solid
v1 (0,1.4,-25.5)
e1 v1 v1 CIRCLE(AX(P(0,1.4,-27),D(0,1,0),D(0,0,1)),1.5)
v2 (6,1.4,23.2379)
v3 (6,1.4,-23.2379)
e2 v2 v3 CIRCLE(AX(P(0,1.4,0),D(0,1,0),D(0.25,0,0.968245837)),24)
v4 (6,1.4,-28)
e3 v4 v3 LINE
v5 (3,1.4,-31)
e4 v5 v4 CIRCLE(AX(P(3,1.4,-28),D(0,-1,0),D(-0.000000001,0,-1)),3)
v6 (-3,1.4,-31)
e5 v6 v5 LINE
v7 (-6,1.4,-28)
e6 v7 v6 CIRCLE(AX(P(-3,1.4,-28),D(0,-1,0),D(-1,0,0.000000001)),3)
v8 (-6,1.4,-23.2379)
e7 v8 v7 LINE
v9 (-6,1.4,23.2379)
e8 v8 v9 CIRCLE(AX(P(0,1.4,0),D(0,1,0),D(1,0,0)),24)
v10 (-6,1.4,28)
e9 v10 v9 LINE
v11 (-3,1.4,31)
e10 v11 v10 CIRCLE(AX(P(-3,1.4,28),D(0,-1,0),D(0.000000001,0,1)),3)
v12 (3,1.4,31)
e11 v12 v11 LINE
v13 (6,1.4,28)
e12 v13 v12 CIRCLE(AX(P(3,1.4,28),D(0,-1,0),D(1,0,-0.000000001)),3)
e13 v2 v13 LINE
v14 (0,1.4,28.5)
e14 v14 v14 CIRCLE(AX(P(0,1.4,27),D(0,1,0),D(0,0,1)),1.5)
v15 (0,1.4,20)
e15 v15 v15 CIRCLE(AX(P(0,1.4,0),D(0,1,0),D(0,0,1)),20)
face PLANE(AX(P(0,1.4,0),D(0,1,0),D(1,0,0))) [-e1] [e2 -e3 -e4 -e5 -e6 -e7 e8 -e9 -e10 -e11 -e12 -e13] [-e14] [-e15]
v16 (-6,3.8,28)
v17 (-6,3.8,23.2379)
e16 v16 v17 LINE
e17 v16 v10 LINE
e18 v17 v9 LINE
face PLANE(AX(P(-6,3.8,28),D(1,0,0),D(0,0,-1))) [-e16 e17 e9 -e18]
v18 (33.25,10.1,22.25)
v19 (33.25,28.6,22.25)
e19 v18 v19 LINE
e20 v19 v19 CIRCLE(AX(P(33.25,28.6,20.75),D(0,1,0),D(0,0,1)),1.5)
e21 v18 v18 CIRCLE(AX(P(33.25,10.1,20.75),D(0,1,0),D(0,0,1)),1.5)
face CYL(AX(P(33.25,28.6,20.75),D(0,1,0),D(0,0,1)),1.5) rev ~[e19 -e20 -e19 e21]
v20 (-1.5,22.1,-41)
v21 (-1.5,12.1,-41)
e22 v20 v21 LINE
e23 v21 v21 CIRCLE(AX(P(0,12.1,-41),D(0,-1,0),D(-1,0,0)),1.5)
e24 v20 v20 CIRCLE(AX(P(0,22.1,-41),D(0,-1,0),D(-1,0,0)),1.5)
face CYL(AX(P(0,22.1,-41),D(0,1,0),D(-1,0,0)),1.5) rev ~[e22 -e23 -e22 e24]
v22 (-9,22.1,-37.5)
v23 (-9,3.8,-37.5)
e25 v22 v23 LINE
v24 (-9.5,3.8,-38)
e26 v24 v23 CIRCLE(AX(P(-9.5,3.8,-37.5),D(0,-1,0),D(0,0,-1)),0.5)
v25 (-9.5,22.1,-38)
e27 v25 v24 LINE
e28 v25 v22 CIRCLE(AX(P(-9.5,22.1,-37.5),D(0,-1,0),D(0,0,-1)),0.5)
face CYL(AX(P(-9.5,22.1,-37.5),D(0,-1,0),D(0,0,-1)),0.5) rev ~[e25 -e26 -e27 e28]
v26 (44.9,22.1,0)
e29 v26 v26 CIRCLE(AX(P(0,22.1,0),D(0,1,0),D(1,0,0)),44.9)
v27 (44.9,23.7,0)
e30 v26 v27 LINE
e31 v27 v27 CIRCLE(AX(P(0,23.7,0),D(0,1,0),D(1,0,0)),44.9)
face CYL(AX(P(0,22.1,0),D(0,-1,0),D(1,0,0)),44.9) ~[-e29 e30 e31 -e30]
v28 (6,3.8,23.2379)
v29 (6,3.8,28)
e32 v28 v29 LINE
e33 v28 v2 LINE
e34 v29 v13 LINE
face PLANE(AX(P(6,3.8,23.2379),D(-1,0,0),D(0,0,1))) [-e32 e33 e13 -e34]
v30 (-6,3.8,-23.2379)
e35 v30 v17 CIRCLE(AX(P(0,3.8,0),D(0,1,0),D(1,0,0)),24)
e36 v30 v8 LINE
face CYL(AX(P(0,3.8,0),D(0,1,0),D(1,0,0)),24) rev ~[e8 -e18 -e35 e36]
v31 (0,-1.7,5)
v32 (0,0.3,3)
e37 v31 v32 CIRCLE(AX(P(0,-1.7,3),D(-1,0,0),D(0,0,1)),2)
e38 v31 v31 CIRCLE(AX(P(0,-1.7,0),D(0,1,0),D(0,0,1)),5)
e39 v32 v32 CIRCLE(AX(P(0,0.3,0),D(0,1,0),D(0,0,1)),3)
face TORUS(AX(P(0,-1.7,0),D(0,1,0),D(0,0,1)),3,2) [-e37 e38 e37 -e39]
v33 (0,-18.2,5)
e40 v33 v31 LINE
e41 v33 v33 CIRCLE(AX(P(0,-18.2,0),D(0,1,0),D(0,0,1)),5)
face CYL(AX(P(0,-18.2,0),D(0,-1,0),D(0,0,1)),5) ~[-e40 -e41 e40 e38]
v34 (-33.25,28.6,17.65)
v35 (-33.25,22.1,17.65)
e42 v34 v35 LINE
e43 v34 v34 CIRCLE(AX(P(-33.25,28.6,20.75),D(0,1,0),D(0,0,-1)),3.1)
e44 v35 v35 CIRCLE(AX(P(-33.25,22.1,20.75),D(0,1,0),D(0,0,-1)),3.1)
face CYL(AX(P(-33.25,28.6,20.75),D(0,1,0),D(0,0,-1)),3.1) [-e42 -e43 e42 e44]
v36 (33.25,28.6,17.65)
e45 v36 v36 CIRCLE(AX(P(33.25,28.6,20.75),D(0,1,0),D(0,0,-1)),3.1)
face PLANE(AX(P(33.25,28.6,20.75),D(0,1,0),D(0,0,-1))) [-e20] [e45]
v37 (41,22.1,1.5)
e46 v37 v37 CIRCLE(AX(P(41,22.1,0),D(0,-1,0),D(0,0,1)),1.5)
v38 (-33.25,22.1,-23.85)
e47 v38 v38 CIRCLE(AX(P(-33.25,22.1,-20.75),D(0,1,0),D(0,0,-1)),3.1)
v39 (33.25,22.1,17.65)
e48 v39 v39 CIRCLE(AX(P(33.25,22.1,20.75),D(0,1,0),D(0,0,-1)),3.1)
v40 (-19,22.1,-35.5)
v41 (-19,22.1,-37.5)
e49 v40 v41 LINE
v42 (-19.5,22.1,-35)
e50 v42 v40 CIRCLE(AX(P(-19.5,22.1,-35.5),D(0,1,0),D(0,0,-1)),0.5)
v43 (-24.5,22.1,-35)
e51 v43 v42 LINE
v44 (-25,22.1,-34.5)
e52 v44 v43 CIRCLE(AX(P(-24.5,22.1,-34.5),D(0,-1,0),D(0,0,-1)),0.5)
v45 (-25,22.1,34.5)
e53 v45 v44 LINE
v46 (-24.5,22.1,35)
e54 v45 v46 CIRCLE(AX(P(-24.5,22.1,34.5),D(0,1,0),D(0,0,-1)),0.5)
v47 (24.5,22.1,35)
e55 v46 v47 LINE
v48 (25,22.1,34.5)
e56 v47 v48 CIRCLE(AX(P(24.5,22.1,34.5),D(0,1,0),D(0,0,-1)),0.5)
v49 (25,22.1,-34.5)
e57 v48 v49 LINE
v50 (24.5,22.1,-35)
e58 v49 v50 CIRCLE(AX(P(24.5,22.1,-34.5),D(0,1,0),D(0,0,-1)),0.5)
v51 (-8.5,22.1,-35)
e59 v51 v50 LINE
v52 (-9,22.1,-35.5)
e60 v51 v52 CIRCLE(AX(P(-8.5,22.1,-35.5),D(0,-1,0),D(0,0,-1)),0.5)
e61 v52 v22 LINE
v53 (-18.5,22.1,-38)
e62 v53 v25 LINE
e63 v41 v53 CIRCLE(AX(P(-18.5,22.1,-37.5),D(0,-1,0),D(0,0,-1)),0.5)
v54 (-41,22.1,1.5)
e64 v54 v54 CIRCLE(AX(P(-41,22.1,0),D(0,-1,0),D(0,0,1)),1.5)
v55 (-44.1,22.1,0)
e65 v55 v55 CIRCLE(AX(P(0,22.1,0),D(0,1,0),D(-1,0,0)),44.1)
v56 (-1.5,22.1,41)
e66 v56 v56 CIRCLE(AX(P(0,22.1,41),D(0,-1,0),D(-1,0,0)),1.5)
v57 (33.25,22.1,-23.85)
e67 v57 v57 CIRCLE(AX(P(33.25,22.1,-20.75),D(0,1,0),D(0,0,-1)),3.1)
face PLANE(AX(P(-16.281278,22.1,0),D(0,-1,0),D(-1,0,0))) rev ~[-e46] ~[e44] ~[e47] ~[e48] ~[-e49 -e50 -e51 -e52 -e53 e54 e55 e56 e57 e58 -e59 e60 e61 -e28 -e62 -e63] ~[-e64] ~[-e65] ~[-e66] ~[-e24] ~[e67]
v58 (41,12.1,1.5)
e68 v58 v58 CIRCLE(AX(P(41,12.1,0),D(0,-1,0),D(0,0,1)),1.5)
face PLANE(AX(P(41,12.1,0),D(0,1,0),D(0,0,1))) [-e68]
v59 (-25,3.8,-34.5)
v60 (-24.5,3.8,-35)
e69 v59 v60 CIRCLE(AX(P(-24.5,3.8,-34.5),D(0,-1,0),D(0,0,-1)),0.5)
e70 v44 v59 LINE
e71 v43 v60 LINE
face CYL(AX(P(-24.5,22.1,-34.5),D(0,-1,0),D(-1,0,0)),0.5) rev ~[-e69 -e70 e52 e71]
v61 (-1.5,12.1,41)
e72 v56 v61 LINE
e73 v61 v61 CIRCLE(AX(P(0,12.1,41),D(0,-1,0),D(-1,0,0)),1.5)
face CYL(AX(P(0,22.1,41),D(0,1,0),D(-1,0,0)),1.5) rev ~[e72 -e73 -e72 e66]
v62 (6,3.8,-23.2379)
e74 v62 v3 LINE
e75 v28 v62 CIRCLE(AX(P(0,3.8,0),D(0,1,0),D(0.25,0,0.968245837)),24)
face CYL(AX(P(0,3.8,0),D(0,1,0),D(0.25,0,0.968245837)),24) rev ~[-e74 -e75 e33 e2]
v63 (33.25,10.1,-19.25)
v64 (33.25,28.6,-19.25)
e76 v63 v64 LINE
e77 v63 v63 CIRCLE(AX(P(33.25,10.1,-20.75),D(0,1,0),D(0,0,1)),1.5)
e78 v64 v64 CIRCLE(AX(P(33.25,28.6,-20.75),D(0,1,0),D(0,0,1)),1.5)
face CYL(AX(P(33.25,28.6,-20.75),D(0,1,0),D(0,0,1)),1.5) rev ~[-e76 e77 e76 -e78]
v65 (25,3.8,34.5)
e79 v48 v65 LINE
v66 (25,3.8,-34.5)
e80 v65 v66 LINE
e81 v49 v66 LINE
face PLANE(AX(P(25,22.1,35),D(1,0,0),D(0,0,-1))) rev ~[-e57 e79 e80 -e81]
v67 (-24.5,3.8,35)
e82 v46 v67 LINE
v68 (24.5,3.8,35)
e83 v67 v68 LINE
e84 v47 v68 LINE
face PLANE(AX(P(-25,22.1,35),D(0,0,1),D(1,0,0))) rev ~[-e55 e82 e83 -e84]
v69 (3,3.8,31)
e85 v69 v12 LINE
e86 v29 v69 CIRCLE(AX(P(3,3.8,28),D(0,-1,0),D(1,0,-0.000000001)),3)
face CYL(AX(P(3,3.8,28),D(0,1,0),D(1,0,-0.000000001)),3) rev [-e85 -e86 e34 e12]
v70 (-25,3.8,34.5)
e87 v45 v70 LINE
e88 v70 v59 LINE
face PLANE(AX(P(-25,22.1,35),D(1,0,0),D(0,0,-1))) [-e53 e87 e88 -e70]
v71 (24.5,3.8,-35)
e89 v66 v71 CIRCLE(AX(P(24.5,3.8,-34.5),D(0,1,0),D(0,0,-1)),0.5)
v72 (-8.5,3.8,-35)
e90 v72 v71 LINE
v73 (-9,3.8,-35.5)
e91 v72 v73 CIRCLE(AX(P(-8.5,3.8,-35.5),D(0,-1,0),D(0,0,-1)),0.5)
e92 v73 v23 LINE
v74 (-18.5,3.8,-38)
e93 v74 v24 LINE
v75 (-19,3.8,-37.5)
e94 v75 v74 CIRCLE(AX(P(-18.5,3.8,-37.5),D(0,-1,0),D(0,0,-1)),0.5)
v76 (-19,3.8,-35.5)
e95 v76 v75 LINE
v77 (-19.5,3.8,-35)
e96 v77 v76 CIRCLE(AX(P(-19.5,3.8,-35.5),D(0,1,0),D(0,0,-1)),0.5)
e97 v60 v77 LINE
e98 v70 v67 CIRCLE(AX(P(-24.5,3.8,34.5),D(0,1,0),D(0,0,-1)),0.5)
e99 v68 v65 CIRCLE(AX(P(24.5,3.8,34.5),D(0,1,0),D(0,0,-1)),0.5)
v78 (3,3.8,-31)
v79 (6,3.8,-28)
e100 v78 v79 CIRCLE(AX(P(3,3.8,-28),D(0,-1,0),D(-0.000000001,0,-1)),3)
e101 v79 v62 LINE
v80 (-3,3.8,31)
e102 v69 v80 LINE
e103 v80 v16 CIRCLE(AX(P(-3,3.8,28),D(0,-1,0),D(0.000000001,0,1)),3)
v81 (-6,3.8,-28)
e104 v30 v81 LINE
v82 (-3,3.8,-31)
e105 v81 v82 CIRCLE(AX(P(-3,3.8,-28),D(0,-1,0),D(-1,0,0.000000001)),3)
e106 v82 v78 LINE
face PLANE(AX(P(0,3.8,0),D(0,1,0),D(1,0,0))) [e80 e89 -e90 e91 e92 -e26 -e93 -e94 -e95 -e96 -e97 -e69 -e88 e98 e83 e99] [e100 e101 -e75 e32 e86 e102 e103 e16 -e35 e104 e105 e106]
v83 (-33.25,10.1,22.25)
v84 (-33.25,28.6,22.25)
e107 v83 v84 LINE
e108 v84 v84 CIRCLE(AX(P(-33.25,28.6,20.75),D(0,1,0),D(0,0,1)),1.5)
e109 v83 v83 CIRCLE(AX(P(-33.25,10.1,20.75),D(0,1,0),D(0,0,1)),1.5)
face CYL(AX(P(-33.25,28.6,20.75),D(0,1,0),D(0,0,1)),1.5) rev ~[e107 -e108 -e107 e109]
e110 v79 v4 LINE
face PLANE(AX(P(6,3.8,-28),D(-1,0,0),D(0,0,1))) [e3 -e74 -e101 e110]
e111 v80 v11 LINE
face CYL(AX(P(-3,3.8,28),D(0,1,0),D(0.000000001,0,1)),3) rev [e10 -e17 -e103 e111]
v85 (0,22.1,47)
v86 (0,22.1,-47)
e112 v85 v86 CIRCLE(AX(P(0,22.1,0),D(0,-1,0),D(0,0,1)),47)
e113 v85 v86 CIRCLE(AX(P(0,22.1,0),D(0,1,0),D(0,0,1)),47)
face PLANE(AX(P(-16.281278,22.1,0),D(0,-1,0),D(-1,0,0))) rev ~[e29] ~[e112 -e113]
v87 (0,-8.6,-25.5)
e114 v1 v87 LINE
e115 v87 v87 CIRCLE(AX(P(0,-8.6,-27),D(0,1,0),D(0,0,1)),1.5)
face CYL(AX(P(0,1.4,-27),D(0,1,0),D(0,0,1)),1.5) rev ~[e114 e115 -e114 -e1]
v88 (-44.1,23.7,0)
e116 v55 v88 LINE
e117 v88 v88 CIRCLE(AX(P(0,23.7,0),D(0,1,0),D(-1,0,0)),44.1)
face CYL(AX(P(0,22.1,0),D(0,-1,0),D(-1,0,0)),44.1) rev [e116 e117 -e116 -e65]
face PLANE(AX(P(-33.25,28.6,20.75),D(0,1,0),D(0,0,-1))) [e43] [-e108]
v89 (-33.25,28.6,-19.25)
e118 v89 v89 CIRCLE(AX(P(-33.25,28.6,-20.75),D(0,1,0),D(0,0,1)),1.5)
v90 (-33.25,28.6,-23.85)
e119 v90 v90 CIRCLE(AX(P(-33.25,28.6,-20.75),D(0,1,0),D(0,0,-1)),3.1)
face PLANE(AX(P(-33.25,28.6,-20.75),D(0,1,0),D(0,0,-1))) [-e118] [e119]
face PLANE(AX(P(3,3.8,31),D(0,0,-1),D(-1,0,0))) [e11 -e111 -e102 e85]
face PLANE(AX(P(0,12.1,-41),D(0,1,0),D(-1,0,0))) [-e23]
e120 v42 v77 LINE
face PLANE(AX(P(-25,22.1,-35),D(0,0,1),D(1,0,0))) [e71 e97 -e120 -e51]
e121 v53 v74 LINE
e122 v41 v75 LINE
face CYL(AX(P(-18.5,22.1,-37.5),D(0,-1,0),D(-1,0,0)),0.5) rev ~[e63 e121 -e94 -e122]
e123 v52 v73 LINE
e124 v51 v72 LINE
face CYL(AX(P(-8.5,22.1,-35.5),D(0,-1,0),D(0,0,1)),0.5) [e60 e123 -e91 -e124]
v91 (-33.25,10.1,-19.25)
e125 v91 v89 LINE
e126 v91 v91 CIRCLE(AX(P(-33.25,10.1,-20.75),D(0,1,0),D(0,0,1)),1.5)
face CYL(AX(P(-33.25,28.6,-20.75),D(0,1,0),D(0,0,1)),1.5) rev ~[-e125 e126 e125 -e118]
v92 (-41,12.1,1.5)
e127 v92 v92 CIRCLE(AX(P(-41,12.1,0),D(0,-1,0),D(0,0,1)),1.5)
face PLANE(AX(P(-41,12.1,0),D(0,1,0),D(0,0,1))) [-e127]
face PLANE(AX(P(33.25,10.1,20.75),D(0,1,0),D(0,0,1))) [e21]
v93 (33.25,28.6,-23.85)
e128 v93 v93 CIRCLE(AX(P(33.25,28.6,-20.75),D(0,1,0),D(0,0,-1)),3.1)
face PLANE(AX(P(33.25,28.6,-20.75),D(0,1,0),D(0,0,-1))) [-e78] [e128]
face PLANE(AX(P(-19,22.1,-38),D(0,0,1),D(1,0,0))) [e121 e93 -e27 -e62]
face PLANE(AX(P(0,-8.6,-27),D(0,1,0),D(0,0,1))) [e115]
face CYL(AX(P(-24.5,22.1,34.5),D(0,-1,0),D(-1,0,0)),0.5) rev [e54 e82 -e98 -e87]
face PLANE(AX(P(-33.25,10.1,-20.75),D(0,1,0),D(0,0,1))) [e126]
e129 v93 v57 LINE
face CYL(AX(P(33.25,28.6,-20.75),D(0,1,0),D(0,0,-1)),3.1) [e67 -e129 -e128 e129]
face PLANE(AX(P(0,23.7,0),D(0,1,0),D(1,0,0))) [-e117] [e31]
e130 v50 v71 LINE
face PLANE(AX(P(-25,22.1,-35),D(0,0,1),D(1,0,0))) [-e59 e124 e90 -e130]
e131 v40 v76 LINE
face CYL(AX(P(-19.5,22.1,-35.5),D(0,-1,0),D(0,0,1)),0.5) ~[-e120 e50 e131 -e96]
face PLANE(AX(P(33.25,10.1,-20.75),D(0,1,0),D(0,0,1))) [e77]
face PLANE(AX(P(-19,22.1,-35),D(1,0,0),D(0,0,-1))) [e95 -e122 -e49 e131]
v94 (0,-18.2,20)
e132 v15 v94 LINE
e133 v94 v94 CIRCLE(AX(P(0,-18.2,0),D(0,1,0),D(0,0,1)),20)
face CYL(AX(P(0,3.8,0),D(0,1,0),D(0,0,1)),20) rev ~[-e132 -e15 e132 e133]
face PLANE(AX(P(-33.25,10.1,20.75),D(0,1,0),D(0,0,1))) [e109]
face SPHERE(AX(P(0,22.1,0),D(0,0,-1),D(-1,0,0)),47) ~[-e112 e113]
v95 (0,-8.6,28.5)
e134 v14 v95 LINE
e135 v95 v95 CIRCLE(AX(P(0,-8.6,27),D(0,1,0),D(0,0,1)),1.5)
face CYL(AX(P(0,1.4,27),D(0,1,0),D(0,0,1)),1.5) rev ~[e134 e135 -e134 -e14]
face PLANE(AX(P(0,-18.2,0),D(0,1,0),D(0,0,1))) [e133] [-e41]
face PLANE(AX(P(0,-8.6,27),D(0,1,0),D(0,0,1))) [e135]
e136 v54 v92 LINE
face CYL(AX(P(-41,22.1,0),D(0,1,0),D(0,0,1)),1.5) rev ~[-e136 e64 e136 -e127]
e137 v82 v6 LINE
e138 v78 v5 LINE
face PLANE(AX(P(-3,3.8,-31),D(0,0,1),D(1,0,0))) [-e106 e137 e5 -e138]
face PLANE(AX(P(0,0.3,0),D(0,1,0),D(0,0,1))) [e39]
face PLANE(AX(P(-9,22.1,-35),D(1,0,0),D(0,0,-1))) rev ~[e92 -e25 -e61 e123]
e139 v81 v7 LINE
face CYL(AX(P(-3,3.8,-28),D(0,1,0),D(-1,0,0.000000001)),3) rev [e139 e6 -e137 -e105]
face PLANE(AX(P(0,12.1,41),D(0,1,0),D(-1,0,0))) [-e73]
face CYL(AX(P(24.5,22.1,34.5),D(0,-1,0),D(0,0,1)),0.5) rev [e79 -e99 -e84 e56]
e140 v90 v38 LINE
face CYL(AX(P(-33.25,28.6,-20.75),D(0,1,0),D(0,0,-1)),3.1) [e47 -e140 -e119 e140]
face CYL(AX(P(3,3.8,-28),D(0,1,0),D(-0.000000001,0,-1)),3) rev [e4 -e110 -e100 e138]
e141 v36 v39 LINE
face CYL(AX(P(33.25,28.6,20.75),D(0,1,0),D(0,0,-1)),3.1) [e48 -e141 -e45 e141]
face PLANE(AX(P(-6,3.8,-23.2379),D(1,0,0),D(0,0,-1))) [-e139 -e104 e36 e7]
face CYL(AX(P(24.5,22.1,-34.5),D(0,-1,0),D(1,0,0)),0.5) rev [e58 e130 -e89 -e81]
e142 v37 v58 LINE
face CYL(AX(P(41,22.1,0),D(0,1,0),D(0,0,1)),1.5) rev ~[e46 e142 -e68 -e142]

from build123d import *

# Parameters (mm, degrees)
SHPERE_HULL_ANGLE    = 180
SKETCH3_W            = 50
SKETCH3_H            = 70
BATTERY_CAVITY_DEPTH = 18.3
SKETCH7_R            = 1.5
CUT_EXTRUDE4_DEPTH   = 12
PCB_START            = 6.5
SKETCH9_R            = 3.1
SKETCH9_R_2          = 1.5
PCB_STAND_OFFS_DEPTH = 6.5
SKETCH10_W           = 10
SKETCH10_H           = 3
BATTERY_CABLE_DEPTH  = 18.3
SKETCH20_R           = 44.9
SKETCH20_R_2         = 44.1
RAISED_LIP_DEPTH     = 1.6
SKETCH22_R           = 20
BALLAST_AREA_DEPTH   = 22
FILLET2_R            = 0.5
SKETCH23_R           = 1.5
THREADED_HOLES_DEPTH = 10
CIRPATTERN1_COUNT    = 4
SKETCH24_R           = 24
CUT_EXTRUDE5_DEPTH   = 2.4
SKETCH25_R           = 1.5
CUT_EXTRUDE6_DEPTH   = 10
SKETCH26_R           = 5
BOSS_EXTRUDE5_DEPTH  = 18.5
FILLET3_R            = 2


with BuildPart() as part:
    # Sketch19 → Shpere Hull (revolve)
    with BuildSketch(Plane(origin=(0, 22.1, 0), x_dir=(1, 0, 0), z_dir=(0, 1, 0))):
        with BuildLine():
            Line((0, 47), (0, -47))
            ThreePointArc((0, -47), (-47, 0), (0, 47))
        make_face()
    revolve(axis=Axis((0, 22.1, -47), (0, 0, 1)), revolution_arc=SHPERE_HULL_ANGLE)

    # Sketch3 → Battery Cavity (cut)
    with BuildSketch(Plane(origin=(0, 22.1, 0), x_dir=(1, 0, 0), z_dir=(0, 1, 0))):
        Rectangle(SKETCH3_W, SKETCH3_H)
    extrude(amount=-BATTERY_CAVITY_DEPTH, mode=Mode.SUBTRACT)

    # Sketch7 → Cut-Extrude4 (cut)
    with BuildSketch(Plane(origin=(0, 22.1, 0), x_dir=(1, 0, 0), z_dir=(0, 1, 0))):
        with Locations(Location((-33.25, 20.75, 0), (0, 0, 270))):
            Circle(SKETCH7_R)
        with Locations(Location((-33.25, -20.75, 0), (0, 0, 270))):
            Circle(SKETCH7_R)
        with Locations(Location((33.25, 20.75, 0), (0, 0, 270))):
            Circle(SKETCH7_R)
        with Locations(Location((33.25, -20.75, 0), (0, 0, 270))):
            Circle(SKETCH7_R)
    extrude(amount=-CUT_EXTRUDE4_DEPTH, mode=Mode.SUBTRACT)

    # Sketch9 → PCB Stand Offs (add)
    # profile 1 of 4: a face of its own
    with BuildSketch(Plane(origin=(0, 22.1, 0), x_dir=(1, 0, 0), z_dir=(0, 1, 0)).offset(PCB_START)):
        with Locations(Location((-33.25, 20.75, 0), (0, 0, 90))):
            Circle(SKETCH9_R)
        with Locations(Location((-33.25, 20.75, 0), (0, 0, 270))):
            Circle(SKETCH9_R_2, mode=Mode.SUBTRACT)
    # profile 2 of 4: a face of its own
    with BuildSketch(Plane(origin=(0, 22.1, 0), x_dir=(1, 0, 0), z_dir=(0, 1, 0)).offset(PCB_START)):
        with Locations(Location((33.25, 20.75, 0), (0, 0, 90))):
            Circle(SKETCH9_R)
        with Locations(Location((33.25, 20.75, 0), (0, 0, 270))):
            Circle(SKETCH9_R_2, mode=Mode.SUBTRACT)
    # profile 3 of 4: a face of its own
    with BuildSketch(Plane(origin=(0, 22.1, 0), x_dir=(1, 0, 0), z_dir=(0, 1, 0)).offset(PCB_START)):
        with Locations(Location((33.25, -20.75, 0), (0, 0, 90))):
            Circle(SKETCH9_R)
        with Locations(Location((33.25, -20.75, 0), (0, 0, 270))):
            Circle(SKETCH9_R_2, mode=Mode.SUBTRACT)
    # profile 4 of 4: a face of its own
    with BuildSketch(Plane(origin=(0, 22.1, 0), x_dir=(1, 0, 0), z_dir=(0, 1, 0)).offset(PCB_START)):
        with Locations(Location((-33.25, -20.75, 0), (0, 0, 90))):
            Circle(SKETCH9_R)
        with Locations(Location((-33.25, -20.75, 0), (0, 0, 270))):
            Circle(SKETCH9_R_2, mode=Mode.SUBTRACT)
    extrude(amount=-PCB_STAND_OFFS_DEPTH)

    # Sketch10 → Battery Cable (cut)
    with BuildSketch(Plane(origin=(0, 22.1, 0), x_dir=(1, 0, 0), z_dir=(0, 1, 0))):
        with Locations((-14, 36.5)):
            Rectangle(SKETCH10_W, SKETCH10_H)
    extrude(amount=-BATTERY_CABLE_DEPTH, mode=Mode.SUBTRACT)

    # Sketch20 → Raised Lip (add)
    with BuildSketch(Plane(origin=(0, 22.1, 0), x_dir=(1, 0, 0), z_dir=(0, 1, 0))):
        Circle(SKETCH20_R)
        with Locations(Location((0, 0, 0), (0, 0, 180))):
            Circle(SKETCH20_R_2, mode=Mode.SUBTRACT)
    extrude(amount=RAISED_LIP_DEPTH)

    # Sketch22 → Ballast Area (cut)
    with BuildSketch(Plane(origin=(0, 3.8, 0), x_dir=(1, 0, 0), z_dir=(0, 1, 0))):
        with Locations(Location((0, 0, 0), (0, 0, 270))):
            Circle(SKETCH22_R)
    extrude(amount=-BALLAST_AREA_DEPTH, mode=Mode.SUBTRACT)

    # Fillet2
    fillet2_edges = [part.edges().sort_by_distance(p)[0] for p in [
        (-25, 12.95, 35),
        (-25, 12.95, -35),
        (25, 12.95, -35),
        (25, 12.95, 35),
        (-19, 12.95, -35),
        (-19, 12.95, -38),
        (-9, 12.95, -38),
        (-9, 12.95, -35),
    ]]
    fillet(fillet2_edges, radius=FILLET2_R)

    # Sketch23 → Threaded Holes (cut)
    with BuildSketch(Plane(origin=(0, 22.1, 0), x_dir=(1, 0, 0), z_dir=(0, 1, 0))):
        with Locations(Location((0, 41, 0), (0, 0, 180))):
            Circle(SKETCH23_R)
        with Locations(Location((0, -41, 0), (0, 0, 180))):
            Circle(SKETCH23_R)
    threaded_holes = extrude(amount=-THREADED_HOLES_DEPTH, mode=Mode.SUBTRACT)

    # CirPattern1: Threaded Holes ×4 about axis
    cirpattern1_axis = Axis((0, 0, 0), (0, 1, 0))
    for i in range(1, CIRPATTERN1_COUNT):
        add(threaded_holes.rotate(cirpattern1_axis, i * 360 / CIRPATTERN1_COUNT), mode=Mode.SUBTRACT)

    # Sketch24 → Cut-Extrude5 (cut)
    with BuildSketch(Plane(origin=(0, 3.8, 0), x_dir=(1, 0, 0), z_dir=(0, 1, 0))):
        Circle(SKETCH24_R)
        with BuildLine():
            Line((3, -31), (-3, -31))
            ThreePointArc((-3, -31), (-5.121320344, -30.121320344), (-6, -28))
            Line((-6, -28), (-6, 28))
            ThreePointArc((-6, 28), (-5.121320344, 30.121320344), (-3, 31))
            Line((-3, 31), (3, 31))
            ThreePointArc((3, 31), (5.121320344, 30.121320344), (6, 28))
            Line((6, 28), (6, -28))
            ThreePointArc((6, -28), (5.121320344, -30.121320344), (3, -31))
        make_face()
    extrude(amount=-CUT_EXTRUDE5_DEPTH, mode=Mode.SUBTRACT)

    # Sketch25 → Cut-Extrude6 (cut)
    with BuildSketch(Plane(origin=(0, 1.4, 0), x_dir=(1, 0, 0), z_dir=(0, 1, 0))):
        with Locations(Location((0, 27, 0), (0, 0, 270))):
            Circle(SKETCH25_R)
        with Locations(Location((0, -27, 0), (0, 0, 270))):
            Circle(SKETCH25_R)
    extrude(amount=-CUT_EXTRUDE6_DEPTH, mode=Mode.SUBTRACT)

    # Sketch26 → Boss-Extrude5 (add)
    with BuildSketch(Plane(origin=(0, -18.2, 0), x_dir=(1, 0, 0), z_dir=(0, 1, 0))):
        with Locations(Location((0, 0, 0), (0, 0, 270))):
            Circle(SKETCH26_R)
    extrude(amount=BOSS_EXTRUDE5_DEPTH)

    # Fillet3
    fillet3_edges = [part.edges().sort_by_distance(p)[0] for p in [
        (0, 0.3, -5),
    ]]
    fillet(fillet3_edges, radius=FILLET3_R)


solid = part.part
